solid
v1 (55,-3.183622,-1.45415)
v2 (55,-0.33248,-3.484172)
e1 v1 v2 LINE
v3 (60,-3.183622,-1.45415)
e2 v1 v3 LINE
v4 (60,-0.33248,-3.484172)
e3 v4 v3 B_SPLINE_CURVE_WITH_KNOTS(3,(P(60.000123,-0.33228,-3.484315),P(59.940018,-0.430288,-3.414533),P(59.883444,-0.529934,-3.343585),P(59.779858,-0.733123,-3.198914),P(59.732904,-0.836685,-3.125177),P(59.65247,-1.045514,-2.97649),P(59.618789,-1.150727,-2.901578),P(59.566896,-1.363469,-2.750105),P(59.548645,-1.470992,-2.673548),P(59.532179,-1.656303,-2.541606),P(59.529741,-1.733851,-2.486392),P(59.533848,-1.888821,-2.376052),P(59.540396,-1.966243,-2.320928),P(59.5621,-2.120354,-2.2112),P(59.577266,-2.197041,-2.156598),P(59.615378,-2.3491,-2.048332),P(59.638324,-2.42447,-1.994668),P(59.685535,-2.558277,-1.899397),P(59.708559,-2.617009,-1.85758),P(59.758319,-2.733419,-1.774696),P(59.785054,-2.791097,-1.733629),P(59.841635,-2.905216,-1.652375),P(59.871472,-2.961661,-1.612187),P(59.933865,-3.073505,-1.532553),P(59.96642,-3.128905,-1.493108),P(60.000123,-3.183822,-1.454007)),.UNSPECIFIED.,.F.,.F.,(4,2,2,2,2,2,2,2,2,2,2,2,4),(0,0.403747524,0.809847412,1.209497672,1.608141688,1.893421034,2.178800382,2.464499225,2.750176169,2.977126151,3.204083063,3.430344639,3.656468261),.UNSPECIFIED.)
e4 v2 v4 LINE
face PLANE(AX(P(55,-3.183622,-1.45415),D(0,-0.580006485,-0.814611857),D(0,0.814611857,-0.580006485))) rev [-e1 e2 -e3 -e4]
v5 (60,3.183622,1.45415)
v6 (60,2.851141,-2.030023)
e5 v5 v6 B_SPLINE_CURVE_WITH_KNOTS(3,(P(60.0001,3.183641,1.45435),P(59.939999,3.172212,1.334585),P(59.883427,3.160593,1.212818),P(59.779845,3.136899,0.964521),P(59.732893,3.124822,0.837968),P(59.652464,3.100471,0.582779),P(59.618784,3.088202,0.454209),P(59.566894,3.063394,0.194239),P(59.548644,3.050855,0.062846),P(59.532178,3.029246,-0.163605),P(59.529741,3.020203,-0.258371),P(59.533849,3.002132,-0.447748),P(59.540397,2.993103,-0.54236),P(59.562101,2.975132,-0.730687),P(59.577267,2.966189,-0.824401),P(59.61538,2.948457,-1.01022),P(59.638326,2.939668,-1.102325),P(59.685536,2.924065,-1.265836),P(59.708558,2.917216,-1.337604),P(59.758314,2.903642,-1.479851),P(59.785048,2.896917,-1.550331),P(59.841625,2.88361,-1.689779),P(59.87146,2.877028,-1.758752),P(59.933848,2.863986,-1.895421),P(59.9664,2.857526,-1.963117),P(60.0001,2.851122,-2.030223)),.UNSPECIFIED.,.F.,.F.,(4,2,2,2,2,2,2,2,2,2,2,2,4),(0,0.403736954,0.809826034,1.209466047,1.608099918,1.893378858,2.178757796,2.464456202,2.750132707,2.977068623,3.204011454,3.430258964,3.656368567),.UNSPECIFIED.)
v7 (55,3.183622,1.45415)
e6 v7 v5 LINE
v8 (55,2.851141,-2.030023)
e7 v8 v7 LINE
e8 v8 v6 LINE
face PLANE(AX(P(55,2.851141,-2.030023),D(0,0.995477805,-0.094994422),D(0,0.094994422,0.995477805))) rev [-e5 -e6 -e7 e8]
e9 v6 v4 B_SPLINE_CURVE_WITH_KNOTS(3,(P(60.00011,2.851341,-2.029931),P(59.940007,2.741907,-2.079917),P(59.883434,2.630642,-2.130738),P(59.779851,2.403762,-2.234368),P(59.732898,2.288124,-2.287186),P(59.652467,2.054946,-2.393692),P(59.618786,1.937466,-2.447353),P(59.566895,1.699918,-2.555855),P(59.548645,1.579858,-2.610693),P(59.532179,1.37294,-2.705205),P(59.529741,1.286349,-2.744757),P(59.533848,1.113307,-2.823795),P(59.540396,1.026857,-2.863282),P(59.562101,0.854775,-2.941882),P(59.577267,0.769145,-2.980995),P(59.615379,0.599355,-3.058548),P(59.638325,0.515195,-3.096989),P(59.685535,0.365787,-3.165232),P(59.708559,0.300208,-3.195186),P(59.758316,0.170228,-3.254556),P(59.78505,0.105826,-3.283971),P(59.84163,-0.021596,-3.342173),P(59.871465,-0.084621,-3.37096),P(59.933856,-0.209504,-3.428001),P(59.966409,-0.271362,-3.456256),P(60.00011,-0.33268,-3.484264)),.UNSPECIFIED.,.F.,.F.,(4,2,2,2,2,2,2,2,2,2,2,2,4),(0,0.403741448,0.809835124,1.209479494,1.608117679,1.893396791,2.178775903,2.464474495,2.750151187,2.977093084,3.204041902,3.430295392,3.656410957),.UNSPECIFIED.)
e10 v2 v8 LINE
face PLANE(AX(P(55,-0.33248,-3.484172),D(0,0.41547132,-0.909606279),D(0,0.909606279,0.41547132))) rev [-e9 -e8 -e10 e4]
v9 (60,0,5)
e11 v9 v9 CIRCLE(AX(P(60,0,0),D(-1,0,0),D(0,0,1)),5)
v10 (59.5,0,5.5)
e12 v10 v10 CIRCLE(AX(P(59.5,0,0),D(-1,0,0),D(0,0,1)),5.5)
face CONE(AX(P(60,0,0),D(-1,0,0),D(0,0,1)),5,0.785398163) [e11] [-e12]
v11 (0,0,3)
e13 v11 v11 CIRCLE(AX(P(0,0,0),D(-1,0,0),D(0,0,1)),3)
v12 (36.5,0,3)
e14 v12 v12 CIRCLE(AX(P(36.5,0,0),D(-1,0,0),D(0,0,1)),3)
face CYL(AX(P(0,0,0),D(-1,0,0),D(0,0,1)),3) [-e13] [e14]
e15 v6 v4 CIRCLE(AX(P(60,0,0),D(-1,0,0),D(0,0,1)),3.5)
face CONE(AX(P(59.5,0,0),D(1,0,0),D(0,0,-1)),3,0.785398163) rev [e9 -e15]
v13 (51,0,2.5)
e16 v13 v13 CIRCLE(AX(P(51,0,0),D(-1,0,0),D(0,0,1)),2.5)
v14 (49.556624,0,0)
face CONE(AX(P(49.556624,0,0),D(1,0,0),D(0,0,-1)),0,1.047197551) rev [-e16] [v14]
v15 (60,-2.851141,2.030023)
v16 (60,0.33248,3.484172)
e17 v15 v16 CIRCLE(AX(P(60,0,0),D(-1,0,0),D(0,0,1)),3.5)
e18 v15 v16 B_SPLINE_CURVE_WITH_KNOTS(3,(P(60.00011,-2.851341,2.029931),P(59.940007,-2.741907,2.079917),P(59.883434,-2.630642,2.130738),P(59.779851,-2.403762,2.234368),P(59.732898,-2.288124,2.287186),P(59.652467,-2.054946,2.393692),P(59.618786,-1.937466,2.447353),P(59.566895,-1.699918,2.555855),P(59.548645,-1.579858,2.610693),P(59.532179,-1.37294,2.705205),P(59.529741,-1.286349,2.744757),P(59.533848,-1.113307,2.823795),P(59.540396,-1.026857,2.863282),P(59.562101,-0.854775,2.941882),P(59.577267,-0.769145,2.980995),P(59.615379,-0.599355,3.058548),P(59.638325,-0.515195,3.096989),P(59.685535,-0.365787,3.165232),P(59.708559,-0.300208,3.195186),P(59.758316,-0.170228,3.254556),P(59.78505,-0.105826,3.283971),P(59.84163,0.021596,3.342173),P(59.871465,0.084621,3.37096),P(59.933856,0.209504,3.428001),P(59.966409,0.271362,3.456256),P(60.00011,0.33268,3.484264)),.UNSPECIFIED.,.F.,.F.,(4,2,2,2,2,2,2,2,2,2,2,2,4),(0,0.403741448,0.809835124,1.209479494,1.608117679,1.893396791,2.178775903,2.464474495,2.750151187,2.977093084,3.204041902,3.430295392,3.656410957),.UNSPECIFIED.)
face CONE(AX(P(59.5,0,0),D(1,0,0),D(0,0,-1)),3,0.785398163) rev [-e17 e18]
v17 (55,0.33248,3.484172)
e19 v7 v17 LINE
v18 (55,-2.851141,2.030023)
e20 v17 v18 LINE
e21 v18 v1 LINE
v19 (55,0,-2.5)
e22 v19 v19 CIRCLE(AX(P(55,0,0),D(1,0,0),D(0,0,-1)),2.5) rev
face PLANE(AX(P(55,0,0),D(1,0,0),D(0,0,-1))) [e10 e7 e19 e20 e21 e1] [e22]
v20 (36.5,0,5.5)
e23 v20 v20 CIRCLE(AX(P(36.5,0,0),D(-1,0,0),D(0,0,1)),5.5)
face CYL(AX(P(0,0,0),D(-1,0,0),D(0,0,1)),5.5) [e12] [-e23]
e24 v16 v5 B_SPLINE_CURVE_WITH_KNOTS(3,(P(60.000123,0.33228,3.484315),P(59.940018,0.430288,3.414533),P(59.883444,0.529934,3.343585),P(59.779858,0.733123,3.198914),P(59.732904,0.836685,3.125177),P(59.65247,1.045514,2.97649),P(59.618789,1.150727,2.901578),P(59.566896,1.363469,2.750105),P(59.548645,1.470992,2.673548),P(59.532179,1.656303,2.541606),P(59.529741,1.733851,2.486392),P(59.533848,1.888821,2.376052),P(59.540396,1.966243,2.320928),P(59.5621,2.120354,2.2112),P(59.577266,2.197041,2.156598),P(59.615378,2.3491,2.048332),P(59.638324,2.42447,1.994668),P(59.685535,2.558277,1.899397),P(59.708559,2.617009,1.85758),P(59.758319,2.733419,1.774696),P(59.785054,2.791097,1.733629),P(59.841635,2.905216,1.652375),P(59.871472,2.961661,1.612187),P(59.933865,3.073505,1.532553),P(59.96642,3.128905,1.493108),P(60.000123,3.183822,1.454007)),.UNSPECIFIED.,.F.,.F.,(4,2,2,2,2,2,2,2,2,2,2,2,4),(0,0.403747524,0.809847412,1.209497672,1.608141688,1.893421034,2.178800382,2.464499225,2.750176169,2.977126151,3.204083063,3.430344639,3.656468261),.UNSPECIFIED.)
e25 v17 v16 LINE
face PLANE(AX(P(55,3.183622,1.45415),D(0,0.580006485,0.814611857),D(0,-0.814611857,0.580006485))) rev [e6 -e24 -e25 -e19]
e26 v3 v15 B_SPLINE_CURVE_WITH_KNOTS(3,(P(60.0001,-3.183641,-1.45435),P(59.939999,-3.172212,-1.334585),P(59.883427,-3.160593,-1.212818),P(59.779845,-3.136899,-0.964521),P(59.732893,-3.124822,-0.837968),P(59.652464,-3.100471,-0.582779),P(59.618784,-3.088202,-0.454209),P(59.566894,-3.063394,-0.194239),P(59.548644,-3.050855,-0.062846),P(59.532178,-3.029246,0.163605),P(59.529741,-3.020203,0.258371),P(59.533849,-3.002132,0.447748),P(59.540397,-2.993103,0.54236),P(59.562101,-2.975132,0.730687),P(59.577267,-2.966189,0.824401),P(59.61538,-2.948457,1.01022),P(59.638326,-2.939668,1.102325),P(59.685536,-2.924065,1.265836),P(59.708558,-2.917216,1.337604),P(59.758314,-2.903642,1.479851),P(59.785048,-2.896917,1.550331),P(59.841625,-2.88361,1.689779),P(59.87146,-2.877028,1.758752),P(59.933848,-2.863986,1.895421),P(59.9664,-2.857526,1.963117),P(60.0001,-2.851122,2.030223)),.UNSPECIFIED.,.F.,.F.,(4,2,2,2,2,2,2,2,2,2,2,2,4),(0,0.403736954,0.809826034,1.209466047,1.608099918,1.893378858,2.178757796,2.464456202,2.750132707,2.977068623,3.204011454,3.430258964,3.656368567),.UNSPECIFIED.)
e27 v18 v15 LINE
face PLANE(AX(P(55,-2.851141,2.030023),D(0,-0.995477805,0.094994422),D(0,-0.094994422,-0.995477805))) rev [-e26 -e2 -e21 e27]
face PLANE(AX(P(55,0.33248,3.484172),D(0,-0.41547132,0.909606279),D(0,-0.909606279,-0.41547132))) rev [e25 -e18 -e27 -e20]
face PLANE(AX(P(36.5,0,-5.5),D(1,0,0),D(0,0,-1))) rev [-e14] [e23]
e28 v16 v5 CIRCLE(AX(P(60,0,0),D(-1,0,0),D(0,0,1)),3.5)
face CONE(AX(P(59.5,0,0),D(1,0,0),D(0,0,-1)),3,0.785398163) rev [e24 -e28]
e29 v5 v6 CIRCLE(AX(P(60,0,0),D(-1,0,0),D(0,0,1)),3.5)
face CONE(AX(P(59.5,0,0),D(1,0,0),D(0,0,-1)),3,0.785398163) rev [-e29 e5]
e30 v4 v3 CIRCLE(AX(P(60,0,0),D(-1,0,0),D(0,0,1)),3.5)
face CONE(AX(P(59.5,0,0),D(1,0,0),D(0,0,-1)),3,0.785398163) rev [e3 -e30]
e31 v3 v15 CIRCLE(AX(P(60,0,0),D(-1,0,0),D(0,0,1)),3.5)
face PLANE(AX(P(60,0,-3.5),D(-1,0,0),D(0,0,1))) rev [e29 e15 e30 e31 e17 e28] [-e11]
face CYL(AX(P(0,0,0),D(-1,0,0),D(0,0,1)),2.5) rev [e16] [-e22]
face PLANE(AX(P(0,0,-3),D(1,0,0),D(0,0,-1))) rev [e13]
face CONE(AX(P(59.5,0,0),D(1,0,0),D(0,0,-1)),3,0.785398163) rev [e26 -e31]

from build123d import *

# Parameters (mm, degrees)
CORTAR_EXTRUIR2_DEPTH = 5


with BuildPart() as part:
    # Croquis1 → Revolución1 (revolve)
    with BuildSketch(Plane(origin=(0, 0, 0), x_dir=(1, 0, 0), z_dir=(0, 1, 0)), mode=Mode.PRIVATE) as revoluci_n1_sk:
        Polygon((0, 0), (49.556624327, 0), (51, 2.5), (58, 2.5), (58, 3), (59.5, 3), (60, 3.5), (60, 5), (59.5, 5.5), (36.5, 5.5), (36.5, 3), (0, 3), align=None)
    revolve(revoluci_n1_sk.sketch.rotate(Axis((0, 0, 0), (1, 0, 0)), 180), axis=Axis((0, 0, 0), (1, 0, 0)))

    # Croquis3 → Cortar-Extruir2 (cut)
    with BuildSketch(Plane(origin=(60, 0, 0), x_dir=(0, 0, -1), z_dir=(1, 0, 0))):
        Polygon((3.484172317, -0.332480476), (2.030022697, 2.8511415), (-1.45414962, 3.183621975), (-3.484172317, 0.332480476), (-2.030022697, -2.8511415), (1.45414962, -3.183621975), align=None)
    extrude(amount=-CORTAR_EXTRUIR2_DEPTH, mode=Mode.SUBTRACT)


solid = part.part
